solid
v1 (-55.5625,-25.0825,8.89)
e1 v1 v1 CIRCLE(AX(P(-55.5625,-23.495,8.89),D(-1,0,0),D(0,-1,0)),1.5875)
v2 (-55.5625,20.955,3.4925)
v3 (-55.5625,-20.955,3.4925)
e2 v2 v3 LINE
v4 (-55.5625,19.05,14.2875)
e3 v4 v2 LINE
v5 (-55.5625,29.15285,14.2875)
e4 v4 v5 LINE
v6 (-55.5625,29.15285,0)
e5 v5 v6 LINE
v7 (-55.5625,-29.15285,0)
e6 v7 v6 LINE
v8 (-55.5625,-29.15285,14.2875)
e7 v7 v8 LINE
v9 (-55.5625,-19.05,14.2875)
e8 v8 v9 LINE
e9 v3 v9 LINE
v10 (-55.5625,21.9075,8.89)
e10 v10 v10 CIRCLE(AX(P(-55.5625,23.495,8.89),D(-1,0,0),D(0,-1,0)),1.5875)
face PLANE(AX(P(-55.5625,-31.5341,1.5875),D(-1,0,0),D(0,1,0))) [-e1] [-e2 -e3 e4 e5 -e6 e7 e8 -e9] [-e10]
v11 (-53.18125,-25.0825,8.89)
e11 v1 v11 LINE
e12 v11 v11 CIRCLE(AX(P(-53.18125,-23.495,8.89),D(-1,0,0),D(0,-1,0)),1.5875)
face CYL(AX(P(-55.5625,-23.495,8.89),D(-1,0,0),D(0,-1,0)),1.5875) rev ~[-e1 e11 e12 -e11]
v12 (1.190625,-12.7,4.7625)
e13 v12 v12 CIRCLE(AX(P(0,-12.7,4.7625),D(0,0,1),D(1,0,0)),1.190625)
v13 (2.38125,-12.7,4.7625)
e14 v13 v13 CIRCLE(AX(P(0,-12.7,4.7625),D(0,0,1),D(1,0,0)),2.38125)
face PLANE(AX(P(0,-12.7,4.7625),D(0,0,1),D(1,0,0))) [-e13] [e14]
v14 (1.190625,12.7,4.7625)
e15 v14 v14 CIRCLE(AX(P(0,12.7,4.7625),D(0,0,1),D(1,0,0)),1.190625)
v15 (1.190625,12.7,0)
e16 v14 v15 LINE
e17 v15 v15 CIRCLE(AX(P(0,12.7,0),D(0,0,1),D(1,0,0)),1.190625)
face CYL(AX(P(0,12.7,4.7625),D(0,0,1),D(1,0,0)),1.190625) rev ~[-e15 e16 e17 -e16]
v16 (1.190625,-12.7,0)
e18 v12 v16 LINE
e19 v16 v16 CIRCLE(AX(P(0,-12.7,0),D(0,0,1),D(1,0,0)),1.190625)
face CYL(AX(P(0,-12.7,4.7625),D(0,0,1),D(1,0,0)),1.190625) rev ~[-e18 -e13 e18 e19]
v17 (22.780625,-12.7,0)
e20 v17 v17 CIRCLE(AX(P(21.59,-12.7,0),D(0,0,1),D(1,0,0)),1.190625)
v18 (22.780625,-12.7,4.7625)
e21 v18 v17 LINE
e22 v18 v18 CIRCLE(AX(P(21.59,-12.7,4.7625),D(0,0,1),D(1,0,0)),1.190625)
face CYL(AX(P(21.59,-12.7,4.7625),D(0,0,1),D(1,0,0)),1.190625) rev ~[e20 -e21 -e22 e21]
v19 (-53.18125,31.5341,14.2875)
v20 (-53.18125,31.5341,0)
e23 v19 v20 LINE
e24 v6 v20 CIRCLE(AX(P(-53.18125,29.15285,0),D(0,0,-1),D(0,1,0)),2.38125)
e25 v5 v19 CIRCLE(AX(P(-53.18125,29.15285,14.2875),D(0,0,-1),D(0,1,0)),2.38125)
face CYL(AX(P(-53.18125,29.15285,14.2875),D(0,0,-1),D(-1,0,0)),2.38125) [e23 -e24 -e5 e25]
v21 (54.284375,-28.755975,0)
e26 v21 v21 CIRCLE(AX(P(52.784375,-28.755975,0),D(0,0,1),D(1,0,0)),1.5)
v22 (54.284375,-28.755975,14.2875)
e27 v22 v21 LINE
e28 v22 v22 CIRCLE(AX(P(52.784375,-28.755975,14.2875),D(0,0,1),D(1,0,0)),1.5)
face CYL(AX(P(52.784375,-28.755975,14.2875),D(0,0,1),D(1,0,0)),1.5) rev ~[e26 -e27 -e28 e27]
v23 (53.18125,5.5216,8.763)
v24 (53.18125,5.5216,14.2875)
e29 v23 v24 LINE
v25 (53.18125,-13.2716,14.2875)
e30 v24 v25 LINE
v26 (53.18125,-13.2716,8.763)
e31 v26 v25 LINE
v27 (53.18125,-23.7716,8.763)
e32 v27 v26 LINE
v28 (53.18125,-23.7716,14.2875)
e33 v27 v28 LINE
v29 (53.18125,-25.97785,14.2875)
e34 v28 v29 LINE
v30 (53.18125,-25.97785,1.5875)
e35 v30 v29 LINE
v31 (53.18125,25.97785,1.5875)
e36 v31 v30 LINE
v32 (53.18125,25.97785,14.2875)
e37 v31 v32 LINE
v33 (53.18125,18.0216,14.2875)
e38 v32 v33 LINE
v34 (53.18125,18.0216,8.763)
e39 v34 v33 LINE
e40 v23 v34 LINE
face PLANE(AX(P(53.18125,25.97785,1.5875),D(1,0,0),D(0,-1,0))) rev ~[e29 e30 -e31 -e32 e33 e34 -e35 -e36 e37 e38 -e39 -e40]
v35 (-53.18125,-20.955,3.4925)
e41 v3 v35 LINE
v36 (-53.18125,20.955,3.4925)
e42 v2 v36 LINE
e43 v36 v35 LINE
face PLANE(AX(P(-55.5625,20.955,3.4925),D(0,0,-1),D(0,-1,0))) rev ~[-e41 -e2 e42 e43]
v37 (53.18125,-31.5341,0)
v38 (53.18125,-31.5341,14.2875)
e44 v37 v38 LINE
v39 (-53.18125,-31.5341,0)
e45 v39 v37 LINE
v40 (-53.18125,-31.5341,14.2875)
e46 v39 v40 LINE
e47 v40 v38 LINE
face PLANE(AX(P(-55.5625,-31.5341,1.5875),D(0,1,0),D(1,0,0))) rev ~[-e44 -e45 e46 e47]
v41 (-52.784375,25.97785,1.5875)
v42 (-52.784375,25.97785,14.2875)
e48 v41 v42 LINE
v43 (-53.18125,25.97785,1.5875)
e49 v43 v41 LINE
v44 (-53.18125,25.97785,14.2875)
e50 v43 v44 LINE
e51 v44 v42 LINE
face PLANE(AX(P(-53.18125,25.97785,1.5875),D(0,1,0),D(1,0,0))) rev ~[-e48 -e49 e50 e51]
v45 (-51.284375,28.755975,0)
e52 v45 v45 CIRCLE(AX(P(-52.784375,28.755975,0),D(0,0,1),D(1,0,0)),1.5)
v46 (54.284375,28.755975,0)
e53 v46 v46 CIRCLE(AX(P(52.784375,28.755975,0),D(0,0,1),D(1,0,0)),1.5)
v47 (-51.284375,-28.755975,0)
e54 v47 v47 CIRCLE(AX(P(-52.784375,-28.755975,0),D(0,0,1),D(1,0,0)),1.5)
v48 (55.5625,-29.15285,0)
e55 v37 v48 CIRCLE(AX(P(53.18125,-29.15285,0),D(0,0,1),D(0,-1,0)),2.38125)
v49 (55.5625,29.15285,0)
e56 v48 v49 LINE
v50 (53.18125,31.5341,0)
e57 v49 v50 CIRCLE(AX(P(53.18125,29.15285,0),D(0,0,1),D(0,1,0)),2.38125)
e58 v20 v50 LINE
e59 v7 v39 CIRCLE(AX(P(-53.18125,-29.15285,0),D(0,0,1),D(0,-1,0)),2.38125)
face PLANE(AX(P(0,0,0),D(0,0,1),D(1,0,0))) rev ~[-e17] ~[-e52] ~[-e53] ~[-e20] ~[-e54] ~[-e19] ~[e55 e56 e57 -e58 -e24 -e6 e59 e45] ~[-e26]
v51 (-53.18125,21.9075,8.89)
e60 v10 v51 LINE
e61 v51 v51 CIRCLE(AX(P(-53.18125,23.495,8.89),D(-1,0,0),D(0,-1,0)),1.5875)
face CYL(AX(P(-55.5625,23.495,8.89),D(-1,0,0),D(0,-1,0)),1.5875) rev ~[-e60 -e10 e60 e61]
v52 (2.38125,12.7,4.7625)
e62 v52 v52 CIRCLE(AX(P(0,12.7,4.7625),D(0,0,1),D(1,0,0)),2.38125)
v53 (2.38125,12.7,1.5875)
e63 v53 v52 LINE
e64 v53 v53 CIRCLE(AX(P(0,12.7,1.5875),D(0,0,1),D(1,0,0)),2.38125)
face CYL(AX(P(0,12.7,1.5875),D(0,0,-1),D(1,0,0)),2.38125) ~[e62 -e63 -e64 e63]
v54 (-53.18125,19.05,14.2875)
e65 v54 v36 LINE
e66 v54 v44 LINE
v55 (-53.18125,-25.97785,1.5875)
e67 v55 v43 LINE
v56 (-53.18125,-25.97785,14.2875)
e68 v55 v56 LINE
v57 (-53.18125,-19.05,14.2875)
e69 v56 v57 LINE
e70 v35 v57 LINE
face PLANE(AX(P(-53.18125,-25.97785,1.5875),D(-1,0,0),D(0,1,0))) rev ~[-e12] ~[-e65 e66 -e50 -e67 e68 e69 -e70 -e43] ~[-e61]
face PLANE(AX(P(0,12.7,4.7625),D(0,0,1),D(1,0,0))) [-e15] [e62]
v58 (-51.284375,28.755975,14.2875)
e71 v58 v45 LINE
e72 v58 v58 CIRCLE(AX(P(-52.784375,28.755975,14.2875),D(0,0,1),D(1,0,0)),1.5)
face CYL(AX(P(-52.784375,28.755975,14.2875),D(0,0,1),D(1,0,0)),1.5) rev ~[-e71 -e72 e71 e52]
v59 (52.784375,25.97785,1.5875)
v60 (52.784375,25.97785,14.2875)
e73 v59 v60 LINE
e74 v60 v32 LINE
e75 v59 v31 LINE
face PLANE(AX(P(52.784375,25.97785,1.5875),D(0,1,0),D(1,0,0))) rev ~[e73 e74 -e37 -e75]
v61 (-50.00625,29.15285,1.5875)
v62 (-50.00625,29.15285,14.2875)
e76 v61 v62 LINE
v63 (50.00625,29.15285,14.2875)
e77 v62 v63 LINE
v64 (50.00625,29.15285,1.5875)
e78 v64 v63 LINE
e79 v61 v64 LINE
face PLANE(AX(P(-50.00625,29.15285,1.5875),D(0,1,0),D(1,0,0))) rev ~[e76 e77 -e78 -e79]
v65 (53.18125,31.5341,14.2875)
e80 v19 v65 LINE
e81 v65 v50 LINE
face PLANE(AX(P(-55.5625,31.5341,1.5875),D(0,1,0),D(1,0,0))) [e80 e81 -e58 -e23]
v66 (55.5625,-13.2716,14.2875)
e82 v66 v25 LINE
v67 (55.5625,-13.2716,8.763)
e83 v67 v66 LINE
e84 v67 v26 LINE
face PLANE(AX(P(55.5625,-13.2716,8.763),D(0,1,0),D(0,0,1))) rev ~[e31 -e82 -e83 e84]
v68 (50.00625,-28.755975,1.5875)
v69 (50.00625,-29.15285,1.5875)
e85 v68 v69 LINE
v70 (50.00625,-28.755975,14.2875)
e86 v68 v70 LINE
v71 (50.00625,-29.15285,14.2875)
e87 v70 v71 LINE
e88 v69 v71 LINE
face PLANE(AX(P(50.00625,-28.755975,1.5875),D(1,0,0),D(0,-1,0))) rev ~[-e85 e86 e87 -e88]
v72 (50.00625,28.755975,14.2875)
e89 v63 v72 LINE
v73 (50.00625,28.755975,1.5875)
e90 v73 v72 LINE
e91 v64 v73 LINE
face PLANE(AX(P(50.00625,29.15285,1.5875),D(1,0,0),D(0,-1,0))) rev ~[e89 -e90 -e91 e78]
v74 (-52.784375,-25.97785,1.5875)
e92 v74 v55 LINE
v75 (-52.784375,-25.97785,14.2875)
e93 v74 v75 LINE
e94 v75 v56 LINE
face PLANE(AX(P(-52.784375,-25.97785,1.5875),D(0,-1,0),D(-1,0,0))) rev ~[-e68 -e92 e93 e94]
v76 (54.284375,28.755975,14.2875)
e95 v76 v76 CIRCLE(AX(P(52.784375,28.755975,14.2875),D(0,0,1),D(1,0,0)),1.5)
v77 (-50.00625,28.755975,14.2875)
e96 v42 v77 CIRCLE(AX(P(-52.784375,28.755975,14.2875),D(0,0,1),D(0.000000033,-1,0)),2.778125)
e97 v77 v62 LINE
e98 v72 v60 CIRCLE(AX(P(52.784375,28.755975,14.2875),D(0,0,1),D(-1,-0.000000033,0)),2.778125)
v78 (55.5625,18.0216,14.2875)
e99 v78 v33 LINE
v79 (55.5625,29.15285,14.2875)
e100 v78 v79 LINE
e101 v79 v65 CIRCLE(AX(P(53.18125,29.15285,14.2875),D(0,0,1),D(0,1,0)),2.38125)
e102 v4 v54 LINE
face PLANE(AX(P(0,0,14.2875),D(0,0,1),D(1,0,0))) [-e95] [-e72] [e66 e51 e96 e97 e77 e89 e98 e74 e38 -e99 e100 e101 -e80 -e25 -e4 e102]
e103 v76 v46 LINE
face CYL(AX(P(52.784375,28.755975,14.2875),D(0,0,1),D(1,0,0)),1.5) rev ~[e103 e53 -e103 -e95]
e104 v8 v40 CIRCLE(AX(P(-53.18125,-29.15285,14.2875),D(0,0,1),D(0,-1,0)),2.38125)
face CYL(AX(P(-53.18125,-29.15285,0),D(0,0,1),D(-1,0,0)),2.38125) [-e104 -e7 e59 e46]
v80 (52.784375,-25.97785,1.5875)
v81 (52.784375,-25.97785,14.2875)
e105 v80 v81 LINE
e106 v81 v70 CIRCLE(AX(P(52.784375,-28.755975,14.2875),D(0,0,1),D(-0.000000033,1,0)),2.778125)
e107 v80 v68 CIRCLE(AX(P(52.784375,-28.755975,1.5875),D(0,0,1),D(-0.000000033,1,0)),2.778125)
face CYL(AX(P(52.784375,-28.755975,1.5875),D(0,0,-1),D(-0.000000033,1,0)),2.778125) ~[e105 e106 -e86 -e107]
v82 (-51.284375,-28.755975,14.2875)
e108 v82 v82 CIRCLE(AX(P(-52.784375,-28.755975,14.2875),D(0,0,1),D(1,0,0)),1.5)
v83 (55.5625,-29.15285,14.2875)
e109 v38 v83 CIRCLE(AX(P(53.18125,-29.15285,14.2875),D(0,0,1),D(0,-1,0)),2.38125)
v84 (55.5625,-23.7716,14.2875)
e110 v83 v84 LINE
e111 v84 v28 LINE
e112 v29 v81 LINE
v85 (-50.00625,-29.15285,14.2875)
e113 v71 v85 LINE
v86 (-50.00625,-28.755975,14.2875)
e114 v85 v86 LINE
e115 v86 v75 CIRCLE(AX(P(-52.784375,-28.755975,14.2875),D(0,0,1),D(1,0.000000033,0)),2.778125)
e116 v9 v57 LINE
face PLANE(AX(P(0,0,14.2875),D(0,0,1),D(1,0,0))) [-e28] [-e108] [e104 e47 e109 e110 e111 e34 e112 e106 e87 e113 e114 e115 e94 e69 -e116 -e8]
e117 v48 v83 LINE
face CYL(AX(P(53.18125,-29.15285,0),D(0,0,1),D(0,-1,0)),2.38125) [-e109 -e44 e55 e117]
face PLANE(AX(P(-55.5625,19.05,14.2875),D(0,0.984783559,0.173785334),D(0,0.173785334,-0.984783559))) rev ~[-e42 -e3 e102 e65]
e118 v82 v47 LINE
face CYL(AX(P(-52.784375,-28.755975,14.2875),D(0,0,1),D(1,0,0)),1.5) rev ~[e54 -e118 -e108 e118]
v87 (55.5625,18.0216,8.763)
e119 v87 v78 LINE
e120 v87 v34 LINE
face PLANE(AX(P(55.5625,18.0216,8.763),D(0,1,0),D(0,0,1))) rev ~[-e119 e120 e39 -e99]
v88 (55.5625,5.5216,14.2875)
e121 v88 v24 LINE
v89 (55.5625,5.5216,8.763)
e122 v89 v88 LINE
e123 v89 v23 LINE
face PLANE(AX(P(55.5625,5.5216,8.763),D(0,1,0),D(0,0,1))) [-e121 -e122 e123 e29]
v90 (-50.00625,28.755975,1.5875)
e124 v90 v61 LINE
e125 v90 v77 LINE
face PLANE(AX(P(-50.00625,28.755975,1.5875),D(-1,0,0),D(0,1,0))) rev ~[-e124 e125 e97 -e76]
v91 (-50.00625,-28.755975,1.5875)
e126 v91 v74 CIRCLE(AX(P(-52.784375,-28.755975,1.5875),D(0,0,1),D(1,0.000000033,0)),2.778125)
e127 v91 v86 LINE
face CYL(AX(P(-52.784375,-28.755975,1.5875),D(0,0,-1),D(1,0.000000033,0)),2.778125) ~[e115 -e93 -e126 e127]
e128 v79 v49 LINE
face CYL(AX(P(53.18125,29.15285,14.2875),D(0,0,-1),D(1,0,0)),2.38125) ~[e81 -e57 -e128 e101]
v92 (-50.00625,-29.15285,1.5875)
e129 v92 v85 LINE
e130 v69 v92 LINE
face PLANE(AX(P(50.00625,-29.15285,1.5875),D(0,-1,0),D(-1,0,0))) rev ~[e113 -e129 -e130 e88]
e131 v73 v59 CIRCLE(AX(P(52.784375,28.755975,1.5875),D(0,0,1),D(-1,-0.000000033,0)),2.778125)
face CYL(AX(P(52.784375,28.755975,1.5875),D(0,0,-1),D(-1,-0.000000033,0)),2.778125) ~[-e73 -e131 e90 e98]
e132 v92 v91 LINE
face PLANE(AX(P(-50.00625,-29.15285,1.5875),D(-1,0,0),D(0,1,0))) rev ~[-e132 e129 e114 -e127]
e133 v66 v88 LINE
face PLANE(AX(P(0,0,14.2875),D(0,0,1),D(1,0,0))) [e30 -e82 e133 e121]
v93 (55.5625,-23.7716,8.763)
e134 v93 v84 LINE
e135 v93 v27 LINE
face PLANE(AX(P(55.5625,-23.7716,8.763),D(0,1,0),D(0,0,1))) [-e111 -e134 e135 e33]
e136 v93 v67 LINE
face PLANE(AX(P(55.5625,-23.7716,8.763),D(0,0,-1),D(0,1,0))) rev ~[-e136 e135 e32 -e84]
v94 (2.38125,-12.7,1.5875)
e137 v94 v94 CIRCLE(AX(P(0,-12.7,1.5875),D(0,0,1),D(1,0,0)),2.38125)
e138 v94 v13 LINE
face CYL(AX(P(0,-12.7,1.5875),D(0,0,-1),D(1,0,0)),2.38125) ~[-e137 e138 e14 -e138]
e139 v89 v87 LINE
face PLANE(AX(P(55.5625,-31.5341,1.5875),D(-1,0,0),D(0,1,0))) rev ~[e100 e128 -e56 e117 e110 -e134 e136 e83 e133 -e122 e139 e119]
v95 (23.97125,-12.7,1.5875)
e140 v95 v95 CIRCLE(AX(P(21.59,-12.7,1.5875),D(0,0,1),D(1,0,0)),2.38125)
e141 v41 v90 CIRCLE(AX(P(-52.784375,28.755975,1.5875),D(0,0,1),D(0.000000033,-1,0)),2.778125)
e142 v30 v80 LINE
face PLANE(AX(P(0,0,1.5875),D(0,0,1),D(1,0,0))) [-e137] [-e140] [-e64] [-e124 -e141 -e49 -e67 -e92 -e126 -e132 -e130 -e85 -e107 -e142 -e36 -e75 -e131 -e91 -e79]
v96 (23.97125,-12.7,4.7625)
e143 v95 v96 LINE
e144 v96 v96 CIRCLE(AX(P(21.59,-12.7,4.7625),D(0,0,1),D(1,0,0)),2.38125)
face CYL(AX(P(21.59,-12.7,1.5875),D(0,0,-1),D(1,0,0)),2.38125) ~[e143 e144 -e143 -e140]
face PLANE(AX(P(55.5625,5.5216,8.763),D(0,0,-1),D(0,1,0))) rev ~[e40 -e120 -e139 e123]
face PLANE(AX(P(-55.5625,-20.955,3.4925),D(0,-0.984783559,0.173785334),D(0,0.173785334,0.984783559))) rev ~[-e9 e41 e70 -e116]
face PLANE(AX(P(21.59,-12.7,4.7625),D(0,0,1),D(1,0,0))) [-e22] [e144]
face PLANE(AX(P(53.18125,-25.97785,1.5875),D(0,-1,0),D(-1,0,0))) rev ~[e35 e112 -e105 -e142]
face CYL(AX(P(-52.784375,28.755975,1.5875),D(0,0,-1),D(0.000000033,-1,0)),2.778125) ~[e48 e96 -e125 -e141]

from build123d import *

# Parameters (mm, degrees)
F1_W      = 111.125
F1_H      = 63.0682
F2_DEPTH  = 1.5875
F3_W      = 111.125
F3_H      = 63.0682
F3_R      = 1.5
F4_DEPTH  = 12.7
F5_R      = 2.38125
F6_W      = 10.5
F6_H      = 5.5245
F6_W_2    = 12.5
F7_DEPTH  = 2.38125
F9_R      = 1.5875
F10_DEPTH = 2.38125
F11_R     = 2.38125
F12_DEPTH = 3.175
F13_R     = 1.190625
F14_DEPTH = 4.7635
F15_R     = 1.5
F16_DEPTH = 14.2885


with BuildPart() as f2:
    # F1 (on Top) → F2 (new body)
    with BuildSketch(Plane.XY):
        Rectangle(F1_W, F1_H)
    extrude(amount=F2_DEPTH)

    # F3 (on face) → F4 (join)
    with BuildSketch(Plane.XY.offset(1.5875)):
        Rectangle(F3_W, F3_H)
        with Locations((-52.784375, -28.755975)):
            Circle(F3_R, mode=Mode.SUBTRACT)
        with Locations((52.784375, -28.755975)):
            Circle(F3_R, mode=Mode.SUBTRACT)
        with BuildLine():
            Line((52.784375, 25.97785), (53.18125, 25.97785))
            Line((53.18125, 25.97785), (53.18125, -25.97785))
            Line((53.18125, -25.97785), (52.784375, -25.97785))
            ThreePointArc((52.784375, -25.97785), (50.819944, -26.791544), (50.00625, -28.755975))
            Line((50.00625, -28.755975), (50.00625, -29.15285))
            Line((50.00625, -29.15285), (-50.00625, -29.15285))
            Line((-50.00625, -29.15285), (-50.00625, -28.755975))
            ThreePointArc((-50.00625, -28.755975), (-50.819944, -26.791544), (-52.784375, -25.97785))
            Line((-52.784375, -25.97785), (-53.18125, -25.97785))
            Line((-53.18125, -25.97785), (-53.18125, 25.97785))
            Line((-53.18125, 25.97785), (-52.784375, 25.97785))
            ThreePointArc((-52.784375, 25.97785), (-50.819944, 26.791544), (-50.00625, 28.755975))
            Line((-50.00625, 28.755975), (-50.00625, 29.15285))
            Line((-50.00625, 29.15285), (50.00625, 29.15285))
            Line((50.00625, 29.15285), (50.00625, 28.755975))
            ThreePointArc((50.00625, 28.755975), (50.819944, 26.791544), (52.784375, 25.97785))
        make_face(mode=Mode.SUBTRACT)
        with Locations((-52.784375, 28.755975)):
            Circle(F3_R, mode=Mode.SUBTRACT)
        with Locations((52.784375, 28.755975)):
            Circle(F3_R, mode=Mode.SUBTRACT)
    extrude(amount=F4_DEPTH)

    # F5
    f5_edges = [f2.edges().sort_by_distance(p)[0] for p in [
        (55.5625, -31.5341, 7.14375),
        (55.5625, 31.5341, 7.14375),
        (-55.5625, -31.5341, 7.14375),
        (-55.5625, 31.5341, 7.14375),
    ]]
    fillet(f5_edges, radius=F5_R)

    # F6 (on face) → F7 (cut, through all)
    with BuildSketch(Plane.YZ.offset(55.5625)):
        with Locations((-18.5216, 11.52525)):
            Rectangle(F6_W, F6_H)
        with Locations((11.7716, 11.52525)):
            Rectangle(F6_W_2, F6_H)
    extrude(amount=-F7_DEPTH, mode=Mode.SUBTRACT)

    # F9 (on face) → F10 (cut, through all)
    with BuildSketch(Plane(origin=(-55.5625, 0, 0), x_dir=(0, -1, 0), z_dir=(-1, 0, 0))):
        Polygon((19.05, 14.2875), (-19.05, 14.2875), (-20.955, 3.4925), (20.955, 3.4925), align=None)
        with Locations((-23.495, 8.89)):
            Circle(F9_R)
        with Locations((23.495, 8.89)):
            Circle(F9_R)
    extrude(amount=-F10_DEPTH, mode=Mode.SUBTRACT)

    # F11 (on face) → F12 (join)
    with BuildSketch(Plane.XY.offset(1.5875)):
        with Locations((0, 12.7)):
            Circle(F11_R)
        with Locations((0, -12.7)):
            Circle(F11_R)
        with Locations((21.59, -12.7)):
            Circle(F11_R)
    extrude(amount=F12_DEPTH)

    # F13 (on face) → F14 (cut, through all)
    with BuildSketch(Plane.XY.offset(4.7625)):
        with Locations((0, 12.7)):
            Circle(F13_R)
        with Locations((0, -12.7)):
            Circle(F13_R)
        with Locations((21.59, -12.7)):
            Circle(F13_R)
    extrude(amount=-F14_DEPTH, mode=Mode.SUBTRACT)

    # F15 (on face) → F16 (cut, through all)
    with BuildSketch(Plane.XY.offset(14.2875)):
        with Locations((52.784375, 28.755975)):
            Circle(F15_R)
        with Locations((52.784375, -28.755975)):
            Circle(F15_R)
        with Locations((-52.784375, -28.755975)):
            Circle(F15_R)
        with Locations((-52.784375, 28.755975)):
            Circle(F15_R)
    extrude(amount=-F16_DEPTH, mode=Mode.SUBTRACT)


solid = f2.part
